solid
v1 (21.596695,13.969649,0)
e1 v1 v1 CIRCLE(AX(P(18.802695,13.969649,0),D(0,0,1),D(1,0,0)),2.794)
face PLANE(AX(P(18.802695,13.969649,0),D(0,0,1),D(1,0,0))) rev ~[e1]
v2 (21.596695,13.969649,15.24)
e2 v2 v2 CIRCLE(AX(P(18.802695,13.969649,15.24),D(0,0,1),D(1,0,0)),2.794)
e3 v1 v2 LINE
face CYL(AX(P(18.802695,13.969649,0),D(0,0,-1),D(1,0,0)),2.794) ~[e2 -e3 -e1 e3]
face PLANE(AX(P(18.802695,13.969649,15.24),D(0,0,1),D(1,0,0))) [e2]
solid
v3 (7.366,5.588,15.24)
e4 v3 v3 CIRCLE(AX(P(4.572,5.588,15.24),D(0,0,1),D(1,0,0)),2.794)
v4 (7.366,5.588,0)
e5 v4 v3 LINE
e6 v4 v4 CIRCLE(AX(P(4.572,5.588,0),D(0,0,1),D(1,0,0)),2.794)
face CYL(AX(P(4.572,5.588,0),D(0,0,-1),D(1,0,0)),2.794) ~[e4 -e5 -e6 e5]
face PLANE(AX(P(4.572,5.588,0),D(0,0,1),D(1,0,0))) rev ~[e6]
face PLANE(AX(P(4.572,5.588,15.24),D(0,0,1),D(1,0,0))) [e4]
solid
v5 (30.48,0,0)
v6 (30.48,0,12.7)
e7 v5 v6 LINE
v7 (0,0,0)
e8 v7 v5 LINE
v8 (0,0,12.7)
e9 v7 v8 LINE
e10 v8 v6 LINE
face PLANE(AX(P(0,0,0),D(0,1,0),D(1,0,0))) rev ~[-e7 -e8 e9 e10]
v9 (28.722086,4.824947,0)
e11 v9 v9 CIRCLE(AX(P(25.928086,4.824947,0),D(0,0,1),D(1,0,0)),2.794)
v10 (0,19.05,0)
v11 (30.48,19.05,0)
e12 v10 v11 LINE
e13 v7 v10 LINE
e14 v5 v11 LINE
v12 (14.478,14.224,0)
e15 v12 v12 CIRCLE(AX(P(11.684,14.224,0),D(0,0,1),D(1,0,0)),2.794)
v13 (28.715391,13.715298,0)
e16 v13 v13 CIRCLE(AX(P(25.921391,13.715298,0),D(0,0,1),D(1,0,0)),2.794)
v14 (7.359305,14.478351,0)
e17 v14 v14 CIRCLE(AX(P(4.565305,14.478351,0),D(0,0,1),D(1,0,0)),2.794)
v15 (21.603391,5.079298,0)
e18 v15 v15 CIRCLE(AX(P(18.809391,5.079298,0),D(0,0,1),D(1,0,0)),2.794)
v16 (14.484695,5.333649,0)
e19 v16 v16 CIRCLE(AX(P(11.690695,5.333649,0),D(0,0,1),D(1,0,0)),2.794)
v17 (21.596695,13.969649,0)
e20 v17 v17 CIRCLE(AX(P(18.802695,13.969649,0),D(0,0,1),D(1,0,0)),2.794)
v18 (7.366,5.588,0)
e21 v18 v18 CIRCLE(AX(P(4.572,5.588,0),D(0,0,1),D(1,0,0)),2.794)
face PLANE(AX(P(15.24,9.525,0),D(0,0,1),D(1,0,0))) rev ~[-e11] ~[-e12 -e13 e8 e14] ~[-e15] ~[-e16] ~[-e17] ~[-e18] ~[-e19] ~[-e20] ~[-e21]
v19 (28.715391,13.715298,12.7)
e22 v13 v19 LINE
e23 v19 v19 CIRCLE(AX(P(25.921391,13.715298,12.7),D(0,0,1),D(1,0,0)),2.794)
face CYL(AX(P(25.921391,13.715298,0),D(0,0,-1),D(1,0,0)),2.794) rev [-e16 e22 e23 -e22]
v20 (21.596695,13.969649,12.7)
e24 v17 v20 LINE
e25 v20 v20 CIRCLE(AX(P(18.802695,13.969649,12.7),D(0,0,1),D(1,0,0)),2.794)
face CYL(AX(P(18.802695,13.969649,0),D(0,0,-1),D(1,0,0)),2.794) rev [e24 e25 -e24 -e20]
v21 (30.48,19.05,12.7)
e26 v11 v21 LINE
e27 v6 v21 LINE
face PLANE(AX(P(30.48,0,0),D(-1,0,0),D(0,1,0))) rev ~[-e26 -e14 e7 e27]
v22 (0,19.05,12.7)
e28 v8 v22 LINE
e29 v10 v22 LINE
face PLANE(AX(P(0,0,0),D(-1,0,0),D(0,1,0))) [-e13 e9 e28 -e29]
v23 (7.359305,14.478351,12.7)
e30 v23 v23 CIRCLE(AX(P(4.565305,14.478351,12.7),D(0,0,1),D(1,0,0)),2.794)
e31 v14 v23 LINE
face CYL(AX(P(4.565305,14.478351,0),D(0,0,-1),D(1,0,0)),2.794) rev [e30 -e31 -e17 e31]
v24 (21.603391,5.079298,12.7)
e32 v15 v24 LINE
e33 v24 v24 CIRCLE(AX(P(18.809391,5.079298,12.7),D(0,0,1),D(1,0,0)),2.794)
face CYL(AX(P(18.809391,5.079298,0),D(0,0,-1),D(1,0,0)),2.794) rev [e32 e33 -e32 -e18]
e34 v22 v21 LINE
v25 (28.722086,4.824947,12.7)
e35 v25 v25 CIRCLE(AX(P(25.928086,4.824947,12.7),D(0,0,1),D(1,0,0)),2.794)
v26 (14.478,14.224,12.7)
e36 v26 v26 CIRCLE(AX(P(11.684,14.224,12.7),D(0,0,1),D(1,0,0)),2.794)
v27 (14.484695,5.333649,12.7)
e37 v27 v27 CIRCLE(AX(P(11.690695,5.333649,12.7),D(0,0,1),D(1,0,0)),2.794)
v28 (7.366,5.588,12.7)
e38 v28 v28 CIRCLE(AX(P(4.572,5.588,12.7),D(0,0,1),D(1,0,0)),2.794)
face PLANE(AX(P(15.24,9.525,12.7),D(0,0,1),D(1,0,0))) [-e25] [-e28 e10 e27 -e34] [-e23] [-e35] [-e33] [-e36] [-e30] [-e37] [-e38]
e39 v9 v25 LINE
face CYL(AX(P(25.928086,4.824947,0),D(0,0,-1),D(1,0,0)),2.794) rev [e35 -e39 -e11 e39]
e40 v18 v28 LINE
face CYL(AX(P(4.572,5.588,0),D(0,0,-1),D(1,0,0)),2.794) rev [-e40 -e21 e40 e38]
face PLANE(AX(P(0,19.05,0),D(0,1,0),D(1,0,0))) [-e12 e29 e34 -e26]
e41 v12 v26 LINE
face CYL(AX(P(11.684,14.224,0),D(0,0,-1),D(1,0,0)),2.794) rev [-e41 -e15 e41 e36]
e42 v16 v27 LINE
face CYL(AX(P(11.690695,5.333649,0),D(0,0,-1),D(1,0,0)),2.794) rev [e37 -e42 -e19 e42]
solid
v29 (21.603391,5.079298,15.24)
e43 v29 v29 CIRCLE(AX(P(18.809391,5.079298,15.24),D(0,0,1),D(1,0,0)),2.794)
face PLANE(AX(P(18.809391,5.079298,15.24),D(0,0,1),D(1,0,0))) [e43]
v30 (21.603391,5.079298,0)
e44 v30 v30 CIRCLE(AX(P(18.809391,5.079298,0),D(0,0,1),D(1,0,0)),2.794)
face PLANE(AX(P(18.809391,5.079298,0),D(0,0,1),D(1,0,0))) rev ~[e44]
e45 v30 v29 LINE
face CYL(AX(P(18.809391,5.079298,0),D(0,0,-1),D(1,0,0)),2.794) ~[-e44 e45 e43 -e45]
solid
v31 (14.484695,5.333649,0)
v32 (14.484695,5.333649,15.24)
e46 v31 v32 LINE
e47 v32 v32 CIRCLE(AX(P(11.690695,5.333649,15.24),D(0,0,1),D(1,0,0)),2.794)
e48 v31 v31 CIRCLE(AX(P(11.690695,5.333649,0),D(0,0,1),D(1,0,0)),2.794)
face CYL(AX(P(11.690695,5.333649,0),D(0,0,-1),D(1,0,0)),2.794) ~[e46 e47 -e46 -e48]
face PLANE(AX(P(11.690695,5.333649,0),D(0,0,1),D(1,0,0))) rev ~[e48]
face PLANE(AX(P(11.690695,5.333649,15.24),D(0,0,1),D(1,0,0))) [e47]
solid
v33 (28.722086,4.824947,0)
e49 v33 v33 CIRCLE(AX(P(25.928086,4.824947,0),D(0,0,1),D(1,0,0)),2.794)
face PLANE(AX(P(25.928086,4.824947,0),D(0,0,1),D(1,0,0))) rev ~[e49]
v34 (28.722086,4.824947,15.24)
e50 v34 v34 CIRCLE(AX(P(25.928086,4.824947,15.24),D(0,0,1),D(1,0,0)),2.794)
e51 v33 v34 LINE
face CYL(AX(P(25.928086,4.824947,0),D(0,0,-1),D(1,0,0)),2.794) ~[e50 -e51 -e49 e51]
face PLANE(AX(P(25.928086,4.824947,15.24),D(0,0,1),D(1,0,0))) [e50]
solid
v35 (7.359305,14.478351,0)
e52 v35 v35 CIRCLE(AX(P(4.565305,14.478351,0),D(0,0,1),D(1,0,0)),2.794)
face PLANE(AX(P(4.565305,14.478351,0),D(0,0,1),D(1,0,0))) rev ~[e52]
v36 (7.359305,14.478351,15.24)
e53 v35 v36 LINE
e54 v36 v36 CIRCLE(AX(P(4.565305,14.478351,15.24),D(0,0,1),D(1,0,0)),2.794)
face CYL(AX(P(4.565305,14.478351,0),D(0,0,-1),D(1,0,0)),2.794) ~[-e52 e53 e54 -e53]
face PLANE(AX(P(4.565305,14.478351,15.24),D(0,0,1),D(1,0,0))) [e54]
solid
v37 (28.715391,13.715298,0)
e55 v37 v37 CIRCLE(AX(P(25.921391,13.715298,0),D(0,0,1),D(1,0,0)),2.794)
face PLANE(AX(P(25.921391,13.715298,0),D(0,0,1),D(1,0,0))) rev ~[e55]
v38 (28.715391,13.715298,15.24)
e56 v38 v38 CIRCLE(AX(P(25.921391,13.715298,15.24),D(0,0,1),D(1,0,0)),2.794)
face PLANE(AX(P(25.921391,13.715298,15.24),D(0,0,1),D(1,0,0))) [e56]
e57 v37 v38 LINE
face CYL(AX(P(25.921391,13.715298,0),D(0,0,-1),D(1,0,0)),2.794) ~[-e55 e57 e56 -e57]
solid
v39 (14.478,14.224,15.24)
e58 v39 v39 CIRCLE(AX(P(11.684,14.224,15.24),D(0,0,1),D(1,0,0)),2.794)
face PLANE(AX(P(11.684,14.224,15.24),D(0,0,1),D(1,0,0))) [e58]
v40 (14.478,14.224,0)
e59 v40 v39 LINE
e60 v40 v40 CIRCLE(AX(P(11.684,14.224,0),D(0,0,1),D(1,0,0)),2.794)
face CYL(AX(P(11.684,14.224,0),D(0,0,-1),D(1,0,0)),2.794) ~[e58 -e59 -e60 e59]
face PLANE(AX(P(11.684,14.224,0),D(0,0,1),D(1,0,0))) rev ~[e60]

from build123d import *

# Parameters (mm, degrees)
F0_R     = 2.794
F1_DEPTH = 15.24
F0_W     = 30.48
F0_H     = 19.05
F2_DEPTH = 12.7


with BuildPart() as f1:
    # F0 (on Top) → F1 (new body)
    with BuildSketch(Plane.XY):
        with Locations((4.565305, 14.478351)):
            Circle(F0_R)
        with Locations((11.684, 14.224)):
            Circle(F0_R)
        with Locations((18.802695, 13.969649)):
            Circle(F0_R)
        with Locations((25.921391, 13.715298)):
            Circle(F0_R)
        with Locations((25.928086, 4.824947)):
            Circle(F0_R)
        with Locations((18.809391, 5.079298)):
            Circle(F0_R)
        with Locations((11.690695, 5.333649)):
            Circle(F0_R)
        with Locations((4.572, 5.588)):
            Circle(F0_R)
    extrude(amount=F1_DEPTH)


with BuildPart() as f2:
    # F0 (on Top) → F2 (new body)
    with BuildSketch(Plane.XY):
        with Locations((15.24, 9.525)):
            Rectangle(F0_W, F0_H)
        with Locations((4.572, 5.588)):
            Circle(F0_R, mode=Mode.SUBTRACT)
        with Locations((11.690695, 5.333649)):
            Circle(F0_R, mode=Mode.SUBTRACT)
        with Locations((18.809391, 5.079298)):
            Circle(F0_R, mode=Mode.SUBTRACT)
        with Locations((25.928086, 4.824947)):
            Circle(F0_R, mode=Mode.SUBTRACT)
        with Locations((11.684, 14.224)):
            Circle(F0_R, mode=Mode.SUBTRACT)
        with Locations((4.565305, 14.478351)):
            Circle(F0_R, mode=Mode.SUBTRACT)
        with Locations((18.802695, 13.969649)):
            Circle(F0_R, mode=Mode.SUBTRACT)
        with Locations((25.921391, 13.715298)):
            Circle(F0_R, mode=Mode.SUBTRACT)
    extrude(amount=F2_DEPTH)


solid = Compound([f1.part, f2.part])
